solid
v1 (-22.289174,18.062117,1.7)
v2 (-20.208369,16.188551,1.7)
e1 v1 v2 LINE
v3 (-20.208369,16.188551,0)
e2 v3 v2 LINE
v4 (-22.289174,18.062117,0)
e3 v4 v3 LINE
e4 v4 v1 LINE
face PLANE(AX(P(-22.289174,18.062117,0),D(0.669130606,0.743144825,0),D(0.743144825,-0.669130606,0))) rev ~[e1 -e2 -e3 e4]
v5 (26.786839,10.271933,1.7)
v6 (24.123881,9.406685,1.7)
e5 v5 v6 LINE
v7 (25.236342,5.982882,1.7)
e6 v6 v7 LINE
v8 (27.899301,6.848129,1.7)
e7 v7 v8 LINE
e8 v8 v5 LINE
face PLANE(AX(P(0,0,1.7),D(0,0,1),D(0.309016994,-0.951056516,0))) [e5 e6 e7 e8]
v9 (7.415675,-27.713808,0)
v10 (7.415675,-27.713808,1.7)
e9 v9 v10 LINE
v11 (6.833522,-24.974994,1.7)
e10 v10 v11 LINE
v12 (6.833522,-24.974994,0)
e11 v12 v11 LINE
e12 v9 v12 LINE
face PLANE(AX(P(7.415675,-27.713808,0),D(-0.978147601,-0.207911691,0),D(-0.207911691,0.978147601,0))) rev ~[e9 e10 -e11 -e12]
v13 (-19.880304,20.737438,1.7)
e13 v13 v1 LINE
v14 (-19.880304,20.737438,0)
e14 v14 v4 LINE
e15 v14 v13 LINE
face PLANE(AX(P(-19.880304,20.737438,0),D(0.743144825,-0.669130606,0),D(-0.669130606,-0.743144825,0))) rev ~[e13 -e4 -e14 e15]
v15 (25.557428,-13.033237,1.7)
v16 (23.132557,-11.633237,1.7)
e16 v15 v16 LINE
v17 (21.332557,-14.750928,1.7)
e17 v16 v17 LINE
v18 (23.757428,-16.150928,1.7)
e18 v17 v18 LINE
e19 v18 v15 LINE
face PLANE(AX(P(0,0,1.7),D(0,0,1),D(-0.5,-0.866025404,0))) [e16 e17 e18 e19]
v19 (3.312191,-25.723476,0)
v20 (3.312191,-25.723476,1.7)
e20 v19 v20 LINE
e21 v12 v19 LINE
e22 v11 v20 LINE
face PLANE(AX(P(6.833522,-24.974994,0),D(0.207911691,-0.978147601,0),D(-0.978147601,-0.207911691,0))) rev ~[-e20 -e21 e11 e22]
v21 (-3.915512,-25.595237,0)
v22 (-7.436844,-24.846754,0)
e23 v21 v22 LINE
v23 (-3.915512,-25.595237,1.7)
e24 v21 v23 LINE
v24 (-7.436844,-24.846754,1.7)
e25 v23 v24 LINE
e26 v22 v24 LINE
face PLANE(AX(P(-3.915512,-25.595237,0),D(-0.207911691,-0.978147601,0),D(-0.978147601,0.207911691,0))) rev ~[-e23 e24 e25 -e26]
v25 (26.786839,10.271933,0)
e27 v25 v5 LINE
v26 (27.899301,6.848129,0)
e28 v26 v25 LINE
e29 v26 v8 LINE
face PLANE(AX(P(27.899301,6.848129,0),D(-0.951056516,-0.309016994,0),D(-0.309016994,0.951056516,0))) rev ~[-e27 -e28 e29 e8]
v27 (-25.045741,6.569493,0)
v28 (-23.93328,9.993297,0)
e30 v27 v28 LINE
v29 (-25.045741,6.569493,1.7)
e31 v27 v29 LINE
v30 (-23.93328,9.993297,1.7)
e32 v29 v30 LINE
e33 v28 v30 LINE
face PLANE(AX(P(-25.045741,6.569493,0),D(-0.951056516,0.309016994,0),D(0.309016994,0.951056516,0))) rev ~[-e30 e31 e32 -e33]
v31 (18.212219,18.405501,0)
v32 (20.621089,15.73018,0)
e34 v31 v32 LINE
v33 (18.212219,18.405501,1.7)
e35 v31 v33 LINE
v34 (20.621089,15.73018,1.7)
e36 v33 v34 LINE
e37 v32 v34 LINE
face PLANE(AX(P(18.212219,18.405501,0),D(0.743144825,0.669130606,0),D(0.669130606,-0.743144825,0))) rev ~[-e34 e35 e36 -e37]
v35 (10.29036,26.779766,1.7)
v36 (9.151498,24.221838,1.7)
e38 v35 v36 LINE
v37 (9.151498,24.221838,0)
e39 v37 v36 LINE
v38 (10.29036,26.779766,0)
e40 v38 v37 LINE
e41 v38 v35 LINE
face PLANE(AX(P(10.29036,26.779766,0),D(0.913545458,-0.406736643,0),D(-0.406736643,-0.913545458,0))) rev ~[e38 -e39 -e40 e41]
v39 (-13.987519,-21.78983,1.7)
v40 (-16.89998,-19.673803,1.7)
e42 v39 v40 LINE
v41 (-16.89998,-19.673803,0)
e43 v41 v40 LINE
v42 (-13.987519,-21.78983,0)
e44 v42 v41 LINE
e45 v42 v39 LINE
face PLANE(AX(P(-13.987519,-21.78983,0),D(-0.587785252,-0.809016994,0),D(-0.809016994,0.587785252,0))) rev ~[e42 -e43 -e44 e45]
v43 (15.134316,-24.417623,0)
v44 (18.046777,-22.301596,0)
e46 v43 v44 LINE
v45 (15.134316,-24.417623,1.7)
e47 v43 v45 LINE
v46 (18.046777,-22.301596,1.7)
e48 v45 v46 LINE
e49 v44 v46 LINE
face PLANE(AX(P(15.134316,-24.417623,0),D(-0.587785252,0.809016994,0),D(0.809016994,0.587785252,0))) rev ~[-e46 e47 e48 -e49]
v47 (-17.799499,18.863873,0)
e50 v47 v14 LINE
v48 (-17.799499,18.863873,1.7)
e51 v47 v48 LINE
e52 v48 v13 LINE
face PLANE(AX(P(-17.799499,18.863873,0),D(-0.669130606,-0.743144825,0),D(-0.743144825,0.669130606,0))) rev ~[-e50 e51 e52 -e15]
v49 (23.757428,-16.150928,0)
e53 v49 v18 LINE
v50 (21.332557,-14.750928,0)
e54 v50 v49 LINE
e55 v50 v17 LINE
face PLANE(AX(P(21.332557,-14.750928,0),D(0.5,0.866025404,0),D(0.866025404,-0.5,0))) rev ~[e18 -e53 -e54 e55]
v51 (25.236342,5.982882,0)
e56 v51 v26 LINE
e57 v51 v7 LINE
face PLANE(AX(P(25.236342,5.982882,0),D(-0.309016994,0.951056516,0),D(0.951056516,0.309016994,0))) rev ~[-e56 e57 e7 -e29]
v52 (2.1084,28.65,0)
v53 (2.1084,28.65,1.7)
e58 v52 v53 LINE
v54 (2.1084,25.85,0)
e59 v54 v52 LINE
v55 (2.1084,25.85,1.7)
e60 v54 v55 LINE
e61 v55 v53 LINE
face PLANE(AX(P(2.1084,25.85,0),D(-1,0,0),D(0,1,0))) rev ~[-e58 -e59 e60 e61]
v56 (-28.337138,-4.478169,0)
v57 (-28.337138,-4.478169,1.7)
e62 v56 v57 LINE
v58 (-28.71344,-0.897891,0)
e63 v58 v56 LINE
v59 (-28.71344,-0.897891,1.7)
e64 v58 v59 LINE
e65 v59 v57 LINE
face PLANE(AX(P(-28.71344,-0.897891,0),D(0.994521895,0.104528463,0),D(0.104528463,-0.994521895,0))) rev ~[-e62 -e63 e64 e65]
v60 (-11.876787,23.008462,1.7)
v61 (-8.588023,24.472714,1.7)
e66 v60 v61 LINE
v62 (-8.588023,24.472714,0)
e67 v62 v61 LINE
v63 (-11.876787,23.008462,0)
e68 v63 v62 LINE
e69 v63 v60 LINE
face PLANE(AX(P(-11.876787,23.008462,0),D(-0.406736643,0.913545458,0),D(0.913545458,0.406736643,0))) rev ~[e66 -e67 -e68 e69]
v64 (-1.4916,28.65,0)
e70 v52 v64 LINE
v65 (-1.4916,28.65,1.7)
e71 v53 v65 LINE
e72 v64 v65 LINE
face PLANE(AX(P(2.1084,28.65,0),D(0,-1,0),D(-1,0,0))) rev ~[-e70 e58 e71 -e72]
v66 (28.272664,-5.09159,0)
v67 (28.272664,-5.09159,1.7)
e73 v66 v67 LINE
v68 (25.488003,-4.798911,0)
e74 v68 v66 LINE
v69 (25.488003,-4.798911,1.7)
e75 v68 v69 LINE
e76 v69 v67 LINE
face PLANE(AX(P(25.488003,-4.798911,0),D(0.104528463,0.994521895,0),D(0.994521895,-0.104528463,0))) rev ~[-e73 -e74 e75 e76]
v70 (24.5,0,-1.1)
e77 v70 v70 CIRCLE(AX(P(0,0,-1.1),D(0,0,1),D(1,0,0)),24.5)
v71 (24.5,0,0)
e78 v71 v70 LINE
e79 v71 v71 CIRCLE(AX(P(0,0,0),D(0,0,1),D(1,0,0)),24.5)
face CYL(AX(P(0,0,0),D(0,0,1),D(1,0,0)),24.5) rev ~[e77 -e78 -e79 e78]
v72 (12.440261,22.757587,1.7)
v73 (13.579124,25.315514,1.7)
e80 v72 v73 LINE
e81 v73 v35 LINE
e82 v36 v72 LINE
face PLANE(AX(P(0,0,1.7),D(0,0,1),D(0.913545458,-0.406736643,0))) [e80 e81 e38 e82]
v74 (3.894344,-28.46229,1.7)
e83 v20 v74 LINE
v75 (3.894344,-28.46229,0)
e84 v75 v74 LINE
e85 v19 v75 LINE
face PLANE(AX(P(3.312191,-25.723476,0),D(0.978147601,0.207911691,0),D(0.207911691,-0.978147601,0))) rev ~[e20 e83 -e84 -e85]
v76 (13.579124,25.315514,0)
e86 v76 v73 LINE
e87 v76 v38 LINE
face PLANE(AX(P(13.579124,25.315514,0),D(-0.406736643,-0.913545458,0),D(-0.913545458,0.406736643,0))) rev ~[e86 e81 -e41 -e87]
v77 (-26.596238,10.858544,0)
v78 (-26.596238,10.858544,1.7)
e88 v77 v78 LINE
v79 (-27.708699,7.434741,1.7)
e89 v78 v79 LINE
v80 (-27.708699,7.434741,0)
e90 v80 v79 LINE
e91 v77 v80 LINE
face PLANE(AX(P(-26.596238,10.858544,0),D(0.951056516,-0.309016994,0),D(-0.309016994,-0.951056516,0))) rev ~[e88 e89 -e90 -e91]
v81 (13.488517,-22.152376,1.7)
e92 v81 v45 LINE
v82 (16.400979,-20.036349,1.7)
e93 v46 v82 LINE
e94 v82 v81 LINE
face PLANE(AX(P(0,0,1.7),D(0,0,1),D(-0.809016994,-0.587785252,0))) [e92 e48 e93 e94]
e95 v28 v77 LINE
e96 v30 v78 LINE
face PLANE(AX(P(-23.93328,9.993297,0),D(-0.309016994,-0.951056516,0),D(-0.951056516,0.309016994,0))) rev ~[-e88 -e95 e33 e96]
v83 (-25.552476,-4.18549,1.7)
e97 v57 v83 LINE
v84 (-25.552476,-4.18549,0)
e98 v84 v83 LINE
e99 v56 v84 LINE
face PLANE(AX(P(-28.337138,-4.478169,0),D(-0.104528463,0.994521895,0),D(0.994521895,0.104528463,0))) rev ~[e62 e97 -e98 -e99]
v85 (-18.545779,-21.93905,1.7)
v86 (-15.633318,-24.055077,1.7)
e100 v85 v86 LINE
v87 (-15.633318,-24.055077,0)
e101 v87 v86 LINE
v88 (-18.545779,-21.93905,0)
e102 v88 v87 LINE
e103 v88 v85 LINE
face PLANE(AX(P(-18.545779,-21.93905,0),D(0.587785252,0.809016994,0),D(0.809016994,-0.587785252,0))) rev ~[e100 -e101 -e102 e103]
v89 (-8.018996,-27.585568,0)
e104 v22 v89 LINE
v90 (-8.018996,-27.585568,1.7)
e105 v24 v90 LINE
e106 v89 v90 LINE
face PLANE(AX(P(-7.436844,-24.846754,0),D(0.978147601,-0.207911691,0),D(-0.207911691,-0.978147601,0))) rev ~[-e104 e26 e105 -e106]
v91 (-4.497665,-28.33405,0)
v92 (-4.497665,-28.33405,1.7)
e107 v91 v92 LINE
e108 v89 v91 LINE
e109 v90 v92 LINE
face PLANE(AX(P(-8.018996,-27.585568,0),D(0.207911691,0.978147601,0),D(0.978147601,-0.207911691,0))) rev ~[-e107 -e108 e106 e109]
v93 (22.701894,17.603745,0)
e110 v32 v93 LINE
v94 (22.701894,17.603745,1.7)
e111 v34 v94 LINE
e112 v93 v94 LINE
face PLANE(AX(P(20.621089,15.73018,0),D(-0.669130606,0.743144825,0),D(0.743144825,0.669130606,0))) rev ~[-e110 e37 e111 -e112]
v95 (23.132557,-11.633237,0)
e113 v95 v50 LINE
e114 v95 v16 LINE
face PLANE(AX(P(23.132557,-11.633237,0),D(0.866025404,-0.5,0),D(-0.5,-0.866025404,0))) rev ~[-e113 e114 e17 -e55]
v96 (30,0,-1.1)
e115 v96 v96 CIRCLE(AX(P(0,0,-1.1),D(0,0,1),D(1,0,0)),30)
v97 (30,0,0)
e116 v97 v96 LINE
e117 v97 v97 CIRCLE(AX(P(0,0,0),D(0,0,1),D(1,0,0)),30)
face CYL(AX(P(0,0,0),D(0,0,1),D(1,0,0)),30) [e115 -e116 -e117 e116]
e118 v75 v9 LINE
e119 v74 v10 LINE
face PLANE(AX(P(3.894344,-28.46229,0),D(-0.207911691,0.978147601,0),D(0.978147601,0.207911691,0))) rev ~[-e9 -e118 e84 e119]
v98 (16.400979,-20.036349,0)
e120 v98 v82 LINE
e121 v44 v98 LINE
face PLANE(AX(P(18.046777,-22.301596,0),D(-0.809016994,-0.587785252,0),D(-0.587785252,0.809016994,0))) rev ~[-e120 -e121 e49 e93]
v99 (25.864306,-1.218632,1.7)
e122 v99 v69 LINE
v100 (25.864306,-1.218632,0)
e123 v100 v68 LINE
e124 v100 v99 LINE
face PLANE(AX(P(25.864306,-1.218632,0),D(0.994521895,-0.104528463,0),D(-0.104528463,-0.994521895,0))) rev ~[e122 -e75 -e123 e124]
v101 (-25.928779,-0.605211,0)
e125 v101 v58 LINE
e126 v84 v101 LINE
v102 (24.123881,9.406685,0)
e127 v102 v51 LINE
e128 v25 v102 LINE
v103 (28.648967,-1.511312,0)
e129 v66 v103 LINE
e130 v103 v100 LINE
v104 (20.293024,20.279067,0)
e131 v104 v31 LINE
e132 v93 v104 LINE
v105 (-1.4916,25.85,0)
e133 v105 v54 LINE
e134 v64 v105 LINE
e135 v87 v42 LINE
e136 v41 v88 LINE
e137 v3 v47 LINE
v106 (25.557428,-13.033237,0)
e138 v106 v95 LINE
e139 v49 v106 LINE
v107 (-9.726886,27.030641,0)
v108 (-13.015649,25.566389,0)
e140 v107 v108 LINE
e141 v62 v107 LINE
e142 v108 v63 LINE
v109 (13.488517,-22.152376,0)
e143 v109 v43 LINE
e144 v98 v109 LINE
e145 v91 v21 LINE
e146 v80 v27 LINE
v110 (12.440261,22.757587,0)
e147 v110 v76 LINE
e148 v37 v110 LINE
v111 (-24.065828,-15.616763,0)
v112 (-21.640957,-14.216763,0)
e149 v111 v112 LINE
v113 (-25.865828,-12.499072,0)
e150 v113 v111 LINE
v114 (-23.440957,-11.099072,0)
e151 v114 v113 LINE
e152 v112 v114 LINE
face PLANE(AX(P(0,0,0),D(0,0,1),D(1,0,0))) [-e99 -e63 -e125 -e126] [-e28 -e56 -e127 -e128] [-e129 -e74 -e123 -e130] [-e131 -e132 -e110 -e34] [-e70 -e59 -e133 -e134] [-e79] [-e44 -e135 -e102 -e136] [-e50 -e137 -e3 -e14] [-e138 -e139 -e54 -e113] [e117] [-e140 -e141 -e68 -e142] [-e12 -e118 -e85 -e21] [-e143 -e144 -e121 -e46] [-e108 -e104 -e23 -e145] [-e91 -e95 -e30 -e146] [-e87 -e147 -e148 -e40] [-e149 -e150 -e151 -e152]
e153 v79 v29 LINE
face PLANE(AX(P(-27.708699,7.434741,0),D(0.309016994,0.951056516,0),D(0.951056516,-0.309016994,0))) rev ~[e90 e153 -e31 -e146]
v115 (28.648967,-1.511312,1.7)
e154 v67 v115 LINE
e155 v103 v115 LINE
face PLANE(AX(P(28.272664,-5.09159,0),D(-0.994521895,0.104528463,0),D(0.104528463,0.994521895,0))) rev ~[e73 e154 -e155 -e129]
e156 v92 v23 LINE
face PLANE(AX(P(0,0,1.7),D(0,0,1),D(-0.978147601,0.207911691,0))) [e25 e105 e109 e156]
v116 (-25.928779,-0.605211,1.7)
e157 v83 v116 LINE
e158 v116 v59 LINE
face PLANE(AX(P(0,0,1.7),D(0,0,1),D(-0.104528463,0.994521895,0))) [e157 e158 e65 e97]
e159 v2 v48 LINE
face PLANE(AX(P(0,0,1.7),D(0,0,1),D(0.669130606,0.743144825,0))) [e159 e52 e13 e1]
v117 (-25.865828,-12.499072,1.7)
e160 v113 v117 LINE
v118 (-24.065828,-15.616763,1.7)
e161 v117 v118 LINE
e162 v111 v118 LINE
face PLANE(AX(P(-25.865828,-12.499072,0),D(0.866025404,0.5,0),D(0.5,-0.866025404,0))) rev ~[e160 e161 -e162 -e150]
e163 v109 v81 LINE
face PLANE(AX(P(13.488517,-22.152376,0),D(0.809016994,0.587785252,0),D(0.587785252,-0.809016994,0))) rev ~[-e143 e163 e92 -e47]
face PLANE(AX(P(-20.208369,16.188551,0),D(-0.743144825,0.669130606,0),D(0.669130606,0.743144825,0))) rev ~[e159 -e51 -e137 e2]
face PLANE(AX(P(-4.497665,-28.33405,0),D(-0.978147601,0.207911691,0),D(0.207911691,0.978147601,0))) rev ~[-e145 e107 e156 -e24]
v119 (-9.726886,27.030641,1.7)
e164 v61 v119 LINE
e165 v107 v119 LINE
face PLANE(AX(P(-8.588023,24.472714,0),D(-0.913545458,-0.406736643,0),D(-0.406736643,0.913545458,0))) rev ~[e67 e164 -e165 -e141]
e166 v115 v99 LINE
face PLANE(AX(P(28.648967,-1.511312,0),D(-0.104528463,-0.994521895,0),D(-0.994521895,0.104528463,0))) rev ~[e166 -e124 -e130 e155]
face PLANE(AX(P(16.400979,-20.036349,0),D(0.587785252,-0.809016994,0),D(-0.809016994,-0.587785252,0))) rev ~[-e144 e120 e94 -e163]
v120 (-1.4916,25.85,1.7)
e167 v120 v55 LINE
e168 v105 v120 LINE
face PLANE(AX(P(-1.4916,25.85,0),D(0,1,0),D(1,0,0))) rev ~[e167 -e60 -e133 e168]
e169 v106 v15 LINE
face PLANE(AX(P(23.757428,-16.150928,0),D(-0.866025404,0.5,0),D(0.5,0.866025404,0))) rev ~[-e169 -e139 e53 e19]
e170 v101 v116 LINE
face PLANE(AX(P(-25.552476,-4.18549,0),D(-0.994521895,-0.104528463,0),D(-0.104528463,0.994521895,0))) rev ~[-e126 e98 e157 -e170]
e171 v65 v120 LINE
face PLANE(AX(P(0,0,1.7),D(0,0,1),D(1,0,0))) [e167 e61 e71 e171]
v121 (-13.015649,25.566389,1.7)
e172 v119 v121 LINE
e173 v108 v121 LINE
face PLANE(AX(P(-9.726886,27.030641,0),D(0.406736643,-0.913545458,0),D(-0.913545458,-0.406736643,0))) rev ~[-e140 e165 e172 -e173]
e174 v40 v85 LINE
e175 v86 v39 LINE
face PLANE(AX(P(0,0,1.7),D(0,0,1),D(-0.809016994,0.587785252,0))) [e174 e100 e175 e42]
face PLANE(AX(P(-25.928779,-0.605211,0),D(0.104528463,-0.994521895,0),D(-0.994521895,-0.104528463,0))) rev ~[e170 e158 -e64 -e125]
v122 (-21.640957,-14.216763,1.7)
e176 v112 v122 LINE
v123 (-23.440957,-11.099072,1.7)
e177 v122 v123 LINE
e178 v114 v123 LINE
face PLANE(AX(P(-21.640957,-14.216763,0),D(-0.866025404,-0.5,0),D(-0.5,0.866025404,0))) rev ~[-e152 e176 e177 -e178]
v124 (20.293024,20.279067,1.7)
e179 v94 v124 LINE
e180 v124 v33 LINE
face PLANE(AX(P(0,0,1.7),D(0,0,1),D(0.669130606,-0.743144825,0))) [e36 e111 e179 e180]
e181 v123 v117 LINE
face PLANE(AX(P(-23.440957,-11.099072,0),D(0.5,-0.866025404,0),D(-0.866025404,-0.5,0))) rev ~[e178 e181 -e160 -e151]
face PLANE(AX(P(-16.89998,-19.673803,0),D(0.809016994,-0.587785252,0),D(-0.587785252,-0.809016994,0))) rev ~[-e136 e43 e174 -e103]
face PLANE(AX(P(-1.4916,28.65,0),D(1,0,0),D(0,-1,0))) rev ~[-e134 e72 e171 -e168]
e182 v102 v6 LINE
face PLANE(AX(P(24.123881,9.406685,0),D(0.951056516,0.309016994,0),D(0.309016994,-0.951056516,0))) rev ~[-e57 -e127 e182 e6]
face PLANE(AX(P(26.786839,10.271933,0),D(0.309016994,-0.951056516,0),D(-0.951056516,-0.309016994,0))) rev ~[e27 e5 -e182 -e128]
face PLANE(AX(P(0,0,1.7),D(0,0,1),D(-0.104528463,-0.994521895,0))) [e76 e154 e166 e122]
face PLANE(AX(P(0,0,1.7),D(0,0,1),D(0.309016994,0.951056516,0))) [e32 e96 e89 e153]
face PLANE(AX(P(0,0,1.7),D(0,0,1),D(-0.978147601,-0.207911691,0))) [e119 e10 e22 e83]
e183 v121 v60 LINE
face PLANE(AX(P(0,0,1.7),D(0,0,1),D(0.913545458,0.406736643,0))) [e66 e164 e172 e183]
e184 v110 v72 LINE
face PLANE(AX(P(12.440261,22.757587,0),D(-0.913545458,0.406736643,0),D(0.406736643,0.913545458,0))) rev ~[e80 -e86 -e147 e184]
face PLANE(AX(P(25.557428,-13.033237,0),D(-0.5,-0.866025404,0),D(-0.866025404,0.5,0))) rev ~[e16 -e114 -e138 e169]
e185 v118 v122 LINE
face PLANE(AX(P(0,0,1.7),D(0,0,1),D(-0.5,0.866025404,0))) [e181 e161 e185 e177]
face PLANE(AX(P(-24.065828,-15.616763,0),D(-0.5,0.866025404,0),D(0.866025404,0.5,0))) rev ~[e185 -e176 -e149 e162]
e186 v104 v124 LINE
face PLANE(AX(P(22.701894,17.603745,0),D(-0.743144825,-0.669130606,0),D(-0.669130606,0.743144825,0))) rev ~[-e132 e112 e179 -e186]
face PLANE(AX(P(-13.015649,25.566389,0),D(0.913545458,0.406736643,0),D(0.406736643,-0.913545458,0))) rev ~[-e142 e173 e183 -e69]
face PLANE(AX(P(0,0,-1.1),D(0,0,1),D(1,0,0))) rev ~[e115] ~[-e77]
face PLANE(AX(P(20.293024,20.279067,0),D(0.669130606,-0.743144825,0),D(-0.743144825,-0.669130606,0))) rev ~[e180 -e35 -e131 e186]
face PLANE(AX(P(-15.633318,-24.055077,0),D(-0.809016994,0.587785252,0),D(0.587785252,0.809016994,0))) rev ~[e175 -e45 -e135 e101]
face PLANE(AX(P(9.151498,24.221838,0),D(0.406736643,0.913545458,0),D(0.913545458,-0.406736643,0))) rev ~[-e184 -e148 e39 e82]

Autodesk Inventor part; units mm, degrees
ref_plane "YZ Plane" through (0, 0, 0) normal (1, 0, 0) x (0, 1, 0)
ref_plane "XZ Plane" through (0, 0, 0) normal (0, 1, 0) x (-1, 0, 0)
ref_plane "XY Plane" through (0, 0, 0) normal (0, 0, 1) x (1, 0, 0)
sketch "Sketch1" plane through (0, 0, 0) normal (0, 0, 1) x (1, 0, 0)
  circle A0 centre (0, 0) radius 24.5
  circle A1 centre (0, 0) radius 30
  dimension "d0" = 49
  dimension "d1" = 60
extrude "Extrusion1" add sketch "Sketch1" against normal blind 1.1
sketch "Sketch2" plane through (0, 0, 0) normal (0, 0, 1) x (1, 0, 0)
  line L0 (0, 0) -> (0, 30) construction
  circle A0 centre (0, 0) radius 30 construction
  line L1 (-1.73, 27.25) -> (2.3469, 27.25) construction
  line L2 (2.3469, 27.25) -> (2.3469, 25.3632) construction
  line L3 (2.3469, 25.3632) -> (-1.73, 25.3632) construction
  line L4 (-1.73, 25.3632) -> (-1.73, 27.25) construction
  line L5 (-1.4916, 25.85) -> (2.1084, 25.85)
  line L6 (2.1084, 25.85) -> (2.1084, 28.65)
  line L7 (2.1084, 28.65) -> (-1.4916, 28.65)
  line L8 (-1.4916, 28.65) -> (-1.4916, 25.85)
  line L9 (-1.4916, 25.85) -> (2.1084, 28.65) construction
  line L10 (2.1084, 25.85) -> (-1.4916, 28.65) construction
  point P0 (0.3084, 27.25)
  dimension "d4" = 27.25
  dimension "d5" = 2.8
  dimension "d6" = 3.6
extrude "Extrusion2" add sketch "Sketch2" along normal blind 1.7
pattern_circular "Circular Pattern1" count 15 over 360 about axis through (0, 0, -10) along (0, 0, 1) of "Extrusion2"
properties part number "Light Ring"
